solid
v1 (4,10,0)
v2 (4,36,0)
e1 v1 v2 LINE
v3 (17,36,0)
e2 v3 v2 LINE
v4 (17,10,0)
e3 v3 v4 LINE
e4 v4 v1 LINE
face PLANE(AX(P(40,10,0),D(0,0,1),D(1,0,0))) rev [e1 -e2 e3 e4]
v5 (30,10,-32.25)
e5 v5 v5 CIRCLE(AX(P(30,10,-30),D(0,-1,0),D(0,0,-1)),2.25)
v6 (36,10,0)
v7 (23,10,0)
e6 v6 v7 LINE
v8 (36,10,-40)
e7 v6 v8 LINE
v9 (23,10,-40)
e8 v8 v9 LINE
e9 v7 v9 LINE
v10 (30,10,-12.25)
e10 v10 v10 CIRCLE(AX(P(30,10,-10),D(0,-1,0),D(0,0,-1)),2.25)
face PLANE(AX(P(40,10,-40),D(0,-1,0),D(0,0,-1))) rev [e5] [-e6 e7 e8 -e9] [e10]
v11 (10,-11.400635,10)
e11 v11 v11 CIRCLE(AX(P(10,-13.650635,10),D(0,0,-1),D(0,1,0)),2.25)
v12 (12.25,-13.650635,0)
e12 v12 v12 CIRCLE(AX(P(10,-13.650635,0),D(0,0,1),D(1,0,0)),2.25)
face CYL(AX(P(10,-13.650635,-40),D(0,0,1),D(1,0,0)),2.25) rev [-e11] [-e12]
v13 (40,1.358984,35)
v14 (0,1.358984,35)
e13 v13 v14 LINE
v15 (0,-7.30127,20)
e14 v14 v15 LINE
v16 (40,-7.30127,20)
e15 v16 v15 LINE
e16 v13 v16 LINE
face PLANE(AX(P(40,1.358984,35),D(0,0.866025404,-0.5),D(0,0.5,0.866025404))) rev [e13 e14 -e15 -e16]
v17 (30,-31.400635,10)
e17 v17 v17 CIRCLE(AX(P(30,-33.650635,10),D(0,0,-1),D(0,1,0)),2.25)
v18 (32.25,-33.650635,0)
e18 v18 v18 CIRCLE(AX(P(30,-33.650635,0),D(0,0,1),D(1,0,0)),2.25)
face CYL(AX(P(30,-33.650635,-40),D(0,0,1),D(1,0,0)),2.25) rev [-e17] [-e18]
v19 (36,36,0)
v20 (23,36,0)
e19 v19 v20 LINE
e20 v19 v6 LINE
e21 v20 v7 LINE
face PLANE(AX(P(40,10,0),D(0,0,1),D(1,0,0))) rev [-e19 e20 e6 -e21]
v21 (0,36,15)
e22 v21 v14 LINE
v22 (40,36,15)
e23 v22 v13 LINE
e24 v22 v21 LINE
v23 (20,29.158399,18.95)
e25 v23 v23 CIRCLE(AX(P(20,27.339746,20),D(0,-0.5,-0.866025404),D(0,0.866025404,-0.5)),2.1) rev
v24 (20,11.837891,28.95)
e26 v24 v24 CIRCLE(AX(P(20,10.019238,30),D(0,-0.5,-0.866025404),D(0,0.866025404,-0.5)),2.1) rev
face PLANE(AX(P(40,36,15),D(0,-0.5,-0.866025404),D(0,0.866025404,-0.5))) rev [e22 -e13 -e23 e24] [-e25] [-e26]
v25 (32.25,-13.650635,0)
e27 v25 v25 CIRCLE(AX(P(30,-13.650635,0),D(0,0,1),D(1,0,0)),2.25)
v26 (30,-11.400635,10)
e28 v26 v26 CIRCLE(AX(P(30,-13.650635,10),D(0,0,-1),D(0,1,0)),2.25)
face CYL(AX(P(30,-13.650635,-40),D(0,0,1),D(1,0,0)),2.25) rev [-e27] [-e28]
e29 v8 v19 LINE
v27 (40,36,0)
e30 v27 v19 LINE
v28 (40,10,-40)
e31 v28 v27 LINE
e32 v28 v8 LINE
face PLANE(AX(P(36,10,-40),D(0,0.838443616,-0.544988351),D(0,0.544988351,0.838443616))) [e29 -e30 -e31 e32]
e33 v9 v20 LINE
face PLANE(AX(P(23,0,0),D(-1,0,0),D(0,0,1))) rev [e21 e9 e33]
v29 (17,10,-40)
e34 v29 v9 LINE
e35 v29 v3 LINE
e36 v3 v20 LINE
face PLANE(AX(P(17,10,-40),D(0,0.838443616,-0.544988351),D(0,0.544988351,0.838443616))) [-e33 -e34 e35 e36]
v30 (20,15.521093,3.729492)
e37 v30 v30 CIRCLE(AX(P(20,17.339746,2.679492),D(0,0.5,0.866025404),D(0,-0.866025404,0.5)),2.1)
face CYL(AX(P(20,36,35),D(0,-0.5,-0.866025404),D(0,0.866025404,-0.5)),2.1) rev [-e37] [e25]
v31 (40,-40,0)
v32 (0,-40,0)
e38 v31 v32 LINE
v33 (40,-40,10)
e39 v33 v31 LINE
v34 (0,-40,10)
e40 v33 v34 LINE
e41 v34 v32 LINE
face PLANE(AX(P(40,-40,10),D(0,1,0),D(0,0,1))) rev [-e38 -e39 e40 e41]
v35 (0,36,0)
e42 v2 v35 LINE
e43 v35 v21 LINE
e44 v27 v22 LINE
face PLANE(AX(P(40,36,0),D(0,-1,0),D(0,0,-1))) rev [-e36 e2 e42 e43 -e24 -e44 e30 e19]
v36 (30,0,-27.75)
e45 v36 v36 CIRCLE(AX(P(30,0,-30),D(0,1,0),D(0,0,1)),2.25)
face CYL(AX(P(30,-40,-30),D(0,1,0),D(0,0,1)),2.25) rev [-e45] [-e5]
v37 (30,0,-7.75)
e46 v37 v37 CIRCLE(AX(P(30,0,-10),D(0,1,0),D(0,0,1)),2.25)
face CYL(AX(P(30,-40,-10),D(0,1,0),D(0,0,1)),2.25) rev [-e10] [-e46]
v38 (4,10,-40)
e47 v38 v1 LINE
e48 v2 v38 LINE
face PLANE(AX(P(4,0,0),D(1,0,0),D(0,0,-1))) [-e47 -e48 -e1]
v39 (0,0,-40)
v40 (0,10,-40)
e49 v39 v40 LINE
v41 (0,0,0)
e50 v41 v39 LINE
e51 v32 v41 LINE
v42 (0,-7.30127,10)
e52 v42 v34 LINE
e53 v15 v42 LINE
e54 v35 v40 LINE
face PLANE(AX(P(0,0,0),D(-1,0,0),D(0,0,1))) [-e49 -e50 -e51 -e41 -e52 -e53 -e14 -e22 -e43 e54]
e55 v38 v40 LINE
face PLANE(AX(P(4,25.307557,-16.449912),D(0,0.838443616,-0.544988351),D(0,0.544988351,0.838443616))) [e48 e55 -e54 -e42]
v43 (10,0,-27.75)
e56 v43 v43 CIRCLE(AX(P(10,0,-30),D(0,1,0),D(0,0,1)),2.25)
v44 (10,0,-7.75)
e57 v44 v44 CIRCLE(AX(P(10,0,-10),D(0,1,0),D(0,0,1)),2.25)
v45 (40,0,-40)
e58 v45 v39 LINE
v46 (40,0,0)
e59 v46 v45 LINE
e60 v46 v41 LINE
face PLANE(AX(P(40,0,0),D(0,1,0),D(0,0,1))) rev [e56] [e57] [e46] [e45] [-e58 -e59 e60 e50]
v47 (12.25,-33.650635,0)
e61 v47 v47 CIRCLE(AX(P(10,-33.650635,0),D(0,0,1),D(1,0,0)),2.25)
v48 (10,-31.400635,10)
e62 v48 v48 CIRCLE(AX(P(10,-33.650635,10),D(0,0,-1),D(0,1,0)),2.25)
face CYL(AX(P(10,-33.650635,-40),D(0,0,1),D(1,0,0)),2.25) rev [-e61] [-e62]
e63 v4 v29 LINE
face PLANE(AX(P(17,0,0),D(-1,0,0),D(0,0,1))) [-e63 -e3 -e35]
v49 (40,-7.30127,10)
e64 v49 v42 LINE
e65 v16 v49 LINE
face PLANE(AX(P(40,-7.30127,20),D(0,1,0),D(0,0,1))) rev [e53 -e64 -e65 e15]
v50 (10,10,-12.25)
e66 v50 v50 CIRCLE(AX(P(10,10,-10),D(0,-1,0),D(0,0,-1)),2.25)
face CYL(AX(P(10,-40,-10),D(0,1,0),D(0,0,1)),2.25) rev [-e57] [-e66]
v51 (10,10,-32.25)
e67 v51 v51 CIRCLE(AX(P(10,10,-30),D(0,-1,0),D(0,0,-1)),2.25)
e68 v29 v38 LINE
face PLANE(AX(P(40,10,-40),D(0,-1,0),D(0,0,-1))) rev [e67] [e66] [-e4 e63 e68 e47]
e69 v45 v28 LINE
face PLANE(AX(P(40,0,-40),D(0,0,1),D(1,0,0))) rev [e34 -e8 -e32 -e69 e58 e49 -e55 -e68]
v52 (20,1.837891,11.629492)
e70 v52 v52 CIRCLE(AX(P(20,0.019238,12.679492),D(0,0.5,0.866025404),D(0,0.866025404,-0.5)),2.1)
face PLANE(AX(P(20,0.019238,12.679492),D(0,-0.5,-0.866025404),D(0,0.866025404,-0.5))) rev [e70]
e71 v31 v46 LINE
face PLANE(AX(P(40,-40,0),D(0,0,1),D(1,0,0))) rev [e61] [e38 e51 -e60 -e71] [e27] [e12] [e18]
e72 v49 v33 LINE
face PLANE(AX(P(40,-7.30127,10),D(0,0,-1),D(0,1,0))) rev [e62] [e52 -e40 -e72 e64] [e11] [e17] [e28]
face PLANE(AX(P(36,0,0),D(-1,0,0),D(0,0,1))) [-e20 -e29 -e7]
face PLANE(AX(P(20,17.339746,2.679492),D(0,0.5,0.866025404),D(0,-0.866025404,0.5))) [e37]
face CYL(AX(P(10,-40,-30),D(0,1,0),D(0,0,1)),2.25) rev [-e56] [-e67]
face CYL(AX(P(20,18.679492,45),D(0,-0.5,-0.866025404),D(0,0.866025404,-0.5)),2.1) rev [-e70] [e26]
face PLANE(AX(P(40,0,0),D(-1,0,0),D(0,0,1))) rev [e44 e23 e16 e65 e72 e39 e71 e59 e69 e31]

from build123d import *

# Parameters (mm, degrees)
BOSS_EXTRU_1_DEPTH           = 40
ENL_V_MAT_EXTRU_1_DEPTH      = 76.498344353
ENL_V_MAT_EXTRU_1_DEPTH_BACK = 76.498344353
ESQUISSE2_R                  = 2.25
ENL_V_MAT_EXTRU_2_DEPTH      = 76.498344353
ENL_V_MAT_EXTRU_2_DEPTH_BACK = 76.498344353
ESQUISSE3_R                  = 2.25
ENL_V_MAT_EXTRU_3_DEPTH      = 96.640449297
ENL_V_MAT_EXTRU_3_DEPTH_BACK = 20
ESQUISSE4_R                  = 2.1
BOSS_EXTRU_2_DEPTH           = 4
BOSS_EXTRU_3_START           = -40
BOSS_EXTRU_3_DEPTH           = 4
BOSS_EXTRU_4_DEPTH           = 3
BOSS_EXTRU_4_DEPTH_BACK      = 3
BOSS_EXTRU_4_START           = -20


with BuildPart() as part:
    # Esquisse1 → Boss.-Extru.1 (new body)
    with BuildSketch(Plane(origin=(0, 0, 0), x_dir=(0, 0, -1), z_dir=(1, 0, 0))):
        Polygon((0, 0), (40, 0), (40, 10), (0, 10), (0, 36), (-15, 36), (-35, 1.358983849), (-20, -7.301270189), (-10, -7.301270189), (-10, -40), (0, -40), align=None)
    extrude(amount=BOSS_EXTRU_1_DEPTH)

    # Esquisse2 → Enlèv. mat.-Extru.1 (cut, two sides: drawn at the far end of the back side and taken through both)
    with BuildSketch(Plane(origin=(0, 10, 0), x_dir=(1, 0, 0), z_dir=(0, 1, 0)).offset(-ENL_V_MAT_EXTRU_1_DEPTH_BACK)):
        with Locations(Location((10, 30, 0), (0, 0, 270))):
            Circle(ESQUISSE2_R)
        with Locations(Location((30, 30, 0), (0, 0, 270))):
            Circle(ESQUISSE2_R)
        with Locations(Location((30, 10, 0), (0, 0, 270))):
            Circle(ESQUISSE2_R)
        with Locations(Location((10, 10, 0), (0, 0, 270))):
            Circle(ESQUISSE2_R)
    extrude(amount=ENL_V_MAT_EXTRU_1_DEPTH + ENL_V_MAT_EXTRU_1_DEPTH_BACK, mode=Mode.SUBTRACT)

    # Esquisse3 → Enlèv. mat.-Extru.2 (cut, two sides: drawn at the far end of the back side and taken through both)
    with BuildSketch(Plane.XY.offset(10).offset(-ENL_V_MAT_EXTRU_2_DEPTH_BACK)):
        with Locations((10, -33.650635095)):
            Circle(ESQUISSE3_R)
        with Locations((30, -33.650635095)):
            Circle(ESQUISSE3_R)
        with Locations((30, -13.650635095)):
            Circle(ESQUISSE3_R)
        with Locations((10, -13.650635095)):
            Circle(ESQUISSE3_R)
    extrude(amount=ENL_V_MAT_EXTRU_2_DEPTH + ENL_V_MAT_EXTRU_2_DEPTH_BACK, mode=Mode.SUBTRACT)

    # Esquisse4 → Enlèv. mat.-Extru.3 (cut, two sides: drawn at the far end of the back side and taken through both)
    with BuildSketch(Plane(origin=(0, 15.495190528, 26.838457268), x_dir=(1, 0, 0), z_dir=(0, 0.4999999999999946, 0.8660254037844419)).offset(-ENL_V_MAT_EXTRU_3_DEPTH_BACK)):
        with Locations(Location((20, 13.676914536, 0), (0, 0, 90))):
            Circle(ESQUISSE4_R)
        with Locations(Location((20, -6.323085464, 0), (0, 0, 90))):
            Circle(ESQUISSE4_R)
    extrude(amount=ENL_V_MAT_EXTRU_3_DEPTH + ENL_V_MAT_EXTRU_3_DEPTH_BACK, mode=Mode.SUBTRACT)

    # Esquisse5 → Boss.-Extru.2 (add)
    with BuildSketch(Plane(origin=(40, 0, 0), x_dir=(0, 0, -1), z_dir=(1, 0, 0))):
        Polygon((40, 10), (0, 36), (0, 10), align=None)
    extrude(amount=-BOSS_EXTRU_2_DEPTH)

    # Esquisse5<2> → Boss.-Extru.3 (add)
    with BuildSketch(Plane(origin=(40, 0, 0), x_dir=(0, 0, -1), z_dir=(1, 0, 0)).offset(BOSS_EXTRU_3_START)):
        Polygon((40, 10), (0, 36), (0, 10), align=None)
    extrude(amount=BOSS_EXTRU_3_DEPTH)

    # Esquisse5<3> → Boss.-Extru.4 (add, two sides: drawn at the far end of the back side and taken through both)
    with BuildSketch(Plane(origin=(40, 0, 0), x_dir=(0, 0, -1), z_dir=(1, 0, 0)).offset(BOSS_EXTRU_4_START - BOSS_EXTRU_4_DEPTH_BACK)):
        Polygon((40, 10), (0, 36), (0, 10), align=None)
    extrude(amount=BOSS_EXTRU_4_DEPTH + BOSS_EXTRU_4_DEPTH_BACK)


solid = part.part
